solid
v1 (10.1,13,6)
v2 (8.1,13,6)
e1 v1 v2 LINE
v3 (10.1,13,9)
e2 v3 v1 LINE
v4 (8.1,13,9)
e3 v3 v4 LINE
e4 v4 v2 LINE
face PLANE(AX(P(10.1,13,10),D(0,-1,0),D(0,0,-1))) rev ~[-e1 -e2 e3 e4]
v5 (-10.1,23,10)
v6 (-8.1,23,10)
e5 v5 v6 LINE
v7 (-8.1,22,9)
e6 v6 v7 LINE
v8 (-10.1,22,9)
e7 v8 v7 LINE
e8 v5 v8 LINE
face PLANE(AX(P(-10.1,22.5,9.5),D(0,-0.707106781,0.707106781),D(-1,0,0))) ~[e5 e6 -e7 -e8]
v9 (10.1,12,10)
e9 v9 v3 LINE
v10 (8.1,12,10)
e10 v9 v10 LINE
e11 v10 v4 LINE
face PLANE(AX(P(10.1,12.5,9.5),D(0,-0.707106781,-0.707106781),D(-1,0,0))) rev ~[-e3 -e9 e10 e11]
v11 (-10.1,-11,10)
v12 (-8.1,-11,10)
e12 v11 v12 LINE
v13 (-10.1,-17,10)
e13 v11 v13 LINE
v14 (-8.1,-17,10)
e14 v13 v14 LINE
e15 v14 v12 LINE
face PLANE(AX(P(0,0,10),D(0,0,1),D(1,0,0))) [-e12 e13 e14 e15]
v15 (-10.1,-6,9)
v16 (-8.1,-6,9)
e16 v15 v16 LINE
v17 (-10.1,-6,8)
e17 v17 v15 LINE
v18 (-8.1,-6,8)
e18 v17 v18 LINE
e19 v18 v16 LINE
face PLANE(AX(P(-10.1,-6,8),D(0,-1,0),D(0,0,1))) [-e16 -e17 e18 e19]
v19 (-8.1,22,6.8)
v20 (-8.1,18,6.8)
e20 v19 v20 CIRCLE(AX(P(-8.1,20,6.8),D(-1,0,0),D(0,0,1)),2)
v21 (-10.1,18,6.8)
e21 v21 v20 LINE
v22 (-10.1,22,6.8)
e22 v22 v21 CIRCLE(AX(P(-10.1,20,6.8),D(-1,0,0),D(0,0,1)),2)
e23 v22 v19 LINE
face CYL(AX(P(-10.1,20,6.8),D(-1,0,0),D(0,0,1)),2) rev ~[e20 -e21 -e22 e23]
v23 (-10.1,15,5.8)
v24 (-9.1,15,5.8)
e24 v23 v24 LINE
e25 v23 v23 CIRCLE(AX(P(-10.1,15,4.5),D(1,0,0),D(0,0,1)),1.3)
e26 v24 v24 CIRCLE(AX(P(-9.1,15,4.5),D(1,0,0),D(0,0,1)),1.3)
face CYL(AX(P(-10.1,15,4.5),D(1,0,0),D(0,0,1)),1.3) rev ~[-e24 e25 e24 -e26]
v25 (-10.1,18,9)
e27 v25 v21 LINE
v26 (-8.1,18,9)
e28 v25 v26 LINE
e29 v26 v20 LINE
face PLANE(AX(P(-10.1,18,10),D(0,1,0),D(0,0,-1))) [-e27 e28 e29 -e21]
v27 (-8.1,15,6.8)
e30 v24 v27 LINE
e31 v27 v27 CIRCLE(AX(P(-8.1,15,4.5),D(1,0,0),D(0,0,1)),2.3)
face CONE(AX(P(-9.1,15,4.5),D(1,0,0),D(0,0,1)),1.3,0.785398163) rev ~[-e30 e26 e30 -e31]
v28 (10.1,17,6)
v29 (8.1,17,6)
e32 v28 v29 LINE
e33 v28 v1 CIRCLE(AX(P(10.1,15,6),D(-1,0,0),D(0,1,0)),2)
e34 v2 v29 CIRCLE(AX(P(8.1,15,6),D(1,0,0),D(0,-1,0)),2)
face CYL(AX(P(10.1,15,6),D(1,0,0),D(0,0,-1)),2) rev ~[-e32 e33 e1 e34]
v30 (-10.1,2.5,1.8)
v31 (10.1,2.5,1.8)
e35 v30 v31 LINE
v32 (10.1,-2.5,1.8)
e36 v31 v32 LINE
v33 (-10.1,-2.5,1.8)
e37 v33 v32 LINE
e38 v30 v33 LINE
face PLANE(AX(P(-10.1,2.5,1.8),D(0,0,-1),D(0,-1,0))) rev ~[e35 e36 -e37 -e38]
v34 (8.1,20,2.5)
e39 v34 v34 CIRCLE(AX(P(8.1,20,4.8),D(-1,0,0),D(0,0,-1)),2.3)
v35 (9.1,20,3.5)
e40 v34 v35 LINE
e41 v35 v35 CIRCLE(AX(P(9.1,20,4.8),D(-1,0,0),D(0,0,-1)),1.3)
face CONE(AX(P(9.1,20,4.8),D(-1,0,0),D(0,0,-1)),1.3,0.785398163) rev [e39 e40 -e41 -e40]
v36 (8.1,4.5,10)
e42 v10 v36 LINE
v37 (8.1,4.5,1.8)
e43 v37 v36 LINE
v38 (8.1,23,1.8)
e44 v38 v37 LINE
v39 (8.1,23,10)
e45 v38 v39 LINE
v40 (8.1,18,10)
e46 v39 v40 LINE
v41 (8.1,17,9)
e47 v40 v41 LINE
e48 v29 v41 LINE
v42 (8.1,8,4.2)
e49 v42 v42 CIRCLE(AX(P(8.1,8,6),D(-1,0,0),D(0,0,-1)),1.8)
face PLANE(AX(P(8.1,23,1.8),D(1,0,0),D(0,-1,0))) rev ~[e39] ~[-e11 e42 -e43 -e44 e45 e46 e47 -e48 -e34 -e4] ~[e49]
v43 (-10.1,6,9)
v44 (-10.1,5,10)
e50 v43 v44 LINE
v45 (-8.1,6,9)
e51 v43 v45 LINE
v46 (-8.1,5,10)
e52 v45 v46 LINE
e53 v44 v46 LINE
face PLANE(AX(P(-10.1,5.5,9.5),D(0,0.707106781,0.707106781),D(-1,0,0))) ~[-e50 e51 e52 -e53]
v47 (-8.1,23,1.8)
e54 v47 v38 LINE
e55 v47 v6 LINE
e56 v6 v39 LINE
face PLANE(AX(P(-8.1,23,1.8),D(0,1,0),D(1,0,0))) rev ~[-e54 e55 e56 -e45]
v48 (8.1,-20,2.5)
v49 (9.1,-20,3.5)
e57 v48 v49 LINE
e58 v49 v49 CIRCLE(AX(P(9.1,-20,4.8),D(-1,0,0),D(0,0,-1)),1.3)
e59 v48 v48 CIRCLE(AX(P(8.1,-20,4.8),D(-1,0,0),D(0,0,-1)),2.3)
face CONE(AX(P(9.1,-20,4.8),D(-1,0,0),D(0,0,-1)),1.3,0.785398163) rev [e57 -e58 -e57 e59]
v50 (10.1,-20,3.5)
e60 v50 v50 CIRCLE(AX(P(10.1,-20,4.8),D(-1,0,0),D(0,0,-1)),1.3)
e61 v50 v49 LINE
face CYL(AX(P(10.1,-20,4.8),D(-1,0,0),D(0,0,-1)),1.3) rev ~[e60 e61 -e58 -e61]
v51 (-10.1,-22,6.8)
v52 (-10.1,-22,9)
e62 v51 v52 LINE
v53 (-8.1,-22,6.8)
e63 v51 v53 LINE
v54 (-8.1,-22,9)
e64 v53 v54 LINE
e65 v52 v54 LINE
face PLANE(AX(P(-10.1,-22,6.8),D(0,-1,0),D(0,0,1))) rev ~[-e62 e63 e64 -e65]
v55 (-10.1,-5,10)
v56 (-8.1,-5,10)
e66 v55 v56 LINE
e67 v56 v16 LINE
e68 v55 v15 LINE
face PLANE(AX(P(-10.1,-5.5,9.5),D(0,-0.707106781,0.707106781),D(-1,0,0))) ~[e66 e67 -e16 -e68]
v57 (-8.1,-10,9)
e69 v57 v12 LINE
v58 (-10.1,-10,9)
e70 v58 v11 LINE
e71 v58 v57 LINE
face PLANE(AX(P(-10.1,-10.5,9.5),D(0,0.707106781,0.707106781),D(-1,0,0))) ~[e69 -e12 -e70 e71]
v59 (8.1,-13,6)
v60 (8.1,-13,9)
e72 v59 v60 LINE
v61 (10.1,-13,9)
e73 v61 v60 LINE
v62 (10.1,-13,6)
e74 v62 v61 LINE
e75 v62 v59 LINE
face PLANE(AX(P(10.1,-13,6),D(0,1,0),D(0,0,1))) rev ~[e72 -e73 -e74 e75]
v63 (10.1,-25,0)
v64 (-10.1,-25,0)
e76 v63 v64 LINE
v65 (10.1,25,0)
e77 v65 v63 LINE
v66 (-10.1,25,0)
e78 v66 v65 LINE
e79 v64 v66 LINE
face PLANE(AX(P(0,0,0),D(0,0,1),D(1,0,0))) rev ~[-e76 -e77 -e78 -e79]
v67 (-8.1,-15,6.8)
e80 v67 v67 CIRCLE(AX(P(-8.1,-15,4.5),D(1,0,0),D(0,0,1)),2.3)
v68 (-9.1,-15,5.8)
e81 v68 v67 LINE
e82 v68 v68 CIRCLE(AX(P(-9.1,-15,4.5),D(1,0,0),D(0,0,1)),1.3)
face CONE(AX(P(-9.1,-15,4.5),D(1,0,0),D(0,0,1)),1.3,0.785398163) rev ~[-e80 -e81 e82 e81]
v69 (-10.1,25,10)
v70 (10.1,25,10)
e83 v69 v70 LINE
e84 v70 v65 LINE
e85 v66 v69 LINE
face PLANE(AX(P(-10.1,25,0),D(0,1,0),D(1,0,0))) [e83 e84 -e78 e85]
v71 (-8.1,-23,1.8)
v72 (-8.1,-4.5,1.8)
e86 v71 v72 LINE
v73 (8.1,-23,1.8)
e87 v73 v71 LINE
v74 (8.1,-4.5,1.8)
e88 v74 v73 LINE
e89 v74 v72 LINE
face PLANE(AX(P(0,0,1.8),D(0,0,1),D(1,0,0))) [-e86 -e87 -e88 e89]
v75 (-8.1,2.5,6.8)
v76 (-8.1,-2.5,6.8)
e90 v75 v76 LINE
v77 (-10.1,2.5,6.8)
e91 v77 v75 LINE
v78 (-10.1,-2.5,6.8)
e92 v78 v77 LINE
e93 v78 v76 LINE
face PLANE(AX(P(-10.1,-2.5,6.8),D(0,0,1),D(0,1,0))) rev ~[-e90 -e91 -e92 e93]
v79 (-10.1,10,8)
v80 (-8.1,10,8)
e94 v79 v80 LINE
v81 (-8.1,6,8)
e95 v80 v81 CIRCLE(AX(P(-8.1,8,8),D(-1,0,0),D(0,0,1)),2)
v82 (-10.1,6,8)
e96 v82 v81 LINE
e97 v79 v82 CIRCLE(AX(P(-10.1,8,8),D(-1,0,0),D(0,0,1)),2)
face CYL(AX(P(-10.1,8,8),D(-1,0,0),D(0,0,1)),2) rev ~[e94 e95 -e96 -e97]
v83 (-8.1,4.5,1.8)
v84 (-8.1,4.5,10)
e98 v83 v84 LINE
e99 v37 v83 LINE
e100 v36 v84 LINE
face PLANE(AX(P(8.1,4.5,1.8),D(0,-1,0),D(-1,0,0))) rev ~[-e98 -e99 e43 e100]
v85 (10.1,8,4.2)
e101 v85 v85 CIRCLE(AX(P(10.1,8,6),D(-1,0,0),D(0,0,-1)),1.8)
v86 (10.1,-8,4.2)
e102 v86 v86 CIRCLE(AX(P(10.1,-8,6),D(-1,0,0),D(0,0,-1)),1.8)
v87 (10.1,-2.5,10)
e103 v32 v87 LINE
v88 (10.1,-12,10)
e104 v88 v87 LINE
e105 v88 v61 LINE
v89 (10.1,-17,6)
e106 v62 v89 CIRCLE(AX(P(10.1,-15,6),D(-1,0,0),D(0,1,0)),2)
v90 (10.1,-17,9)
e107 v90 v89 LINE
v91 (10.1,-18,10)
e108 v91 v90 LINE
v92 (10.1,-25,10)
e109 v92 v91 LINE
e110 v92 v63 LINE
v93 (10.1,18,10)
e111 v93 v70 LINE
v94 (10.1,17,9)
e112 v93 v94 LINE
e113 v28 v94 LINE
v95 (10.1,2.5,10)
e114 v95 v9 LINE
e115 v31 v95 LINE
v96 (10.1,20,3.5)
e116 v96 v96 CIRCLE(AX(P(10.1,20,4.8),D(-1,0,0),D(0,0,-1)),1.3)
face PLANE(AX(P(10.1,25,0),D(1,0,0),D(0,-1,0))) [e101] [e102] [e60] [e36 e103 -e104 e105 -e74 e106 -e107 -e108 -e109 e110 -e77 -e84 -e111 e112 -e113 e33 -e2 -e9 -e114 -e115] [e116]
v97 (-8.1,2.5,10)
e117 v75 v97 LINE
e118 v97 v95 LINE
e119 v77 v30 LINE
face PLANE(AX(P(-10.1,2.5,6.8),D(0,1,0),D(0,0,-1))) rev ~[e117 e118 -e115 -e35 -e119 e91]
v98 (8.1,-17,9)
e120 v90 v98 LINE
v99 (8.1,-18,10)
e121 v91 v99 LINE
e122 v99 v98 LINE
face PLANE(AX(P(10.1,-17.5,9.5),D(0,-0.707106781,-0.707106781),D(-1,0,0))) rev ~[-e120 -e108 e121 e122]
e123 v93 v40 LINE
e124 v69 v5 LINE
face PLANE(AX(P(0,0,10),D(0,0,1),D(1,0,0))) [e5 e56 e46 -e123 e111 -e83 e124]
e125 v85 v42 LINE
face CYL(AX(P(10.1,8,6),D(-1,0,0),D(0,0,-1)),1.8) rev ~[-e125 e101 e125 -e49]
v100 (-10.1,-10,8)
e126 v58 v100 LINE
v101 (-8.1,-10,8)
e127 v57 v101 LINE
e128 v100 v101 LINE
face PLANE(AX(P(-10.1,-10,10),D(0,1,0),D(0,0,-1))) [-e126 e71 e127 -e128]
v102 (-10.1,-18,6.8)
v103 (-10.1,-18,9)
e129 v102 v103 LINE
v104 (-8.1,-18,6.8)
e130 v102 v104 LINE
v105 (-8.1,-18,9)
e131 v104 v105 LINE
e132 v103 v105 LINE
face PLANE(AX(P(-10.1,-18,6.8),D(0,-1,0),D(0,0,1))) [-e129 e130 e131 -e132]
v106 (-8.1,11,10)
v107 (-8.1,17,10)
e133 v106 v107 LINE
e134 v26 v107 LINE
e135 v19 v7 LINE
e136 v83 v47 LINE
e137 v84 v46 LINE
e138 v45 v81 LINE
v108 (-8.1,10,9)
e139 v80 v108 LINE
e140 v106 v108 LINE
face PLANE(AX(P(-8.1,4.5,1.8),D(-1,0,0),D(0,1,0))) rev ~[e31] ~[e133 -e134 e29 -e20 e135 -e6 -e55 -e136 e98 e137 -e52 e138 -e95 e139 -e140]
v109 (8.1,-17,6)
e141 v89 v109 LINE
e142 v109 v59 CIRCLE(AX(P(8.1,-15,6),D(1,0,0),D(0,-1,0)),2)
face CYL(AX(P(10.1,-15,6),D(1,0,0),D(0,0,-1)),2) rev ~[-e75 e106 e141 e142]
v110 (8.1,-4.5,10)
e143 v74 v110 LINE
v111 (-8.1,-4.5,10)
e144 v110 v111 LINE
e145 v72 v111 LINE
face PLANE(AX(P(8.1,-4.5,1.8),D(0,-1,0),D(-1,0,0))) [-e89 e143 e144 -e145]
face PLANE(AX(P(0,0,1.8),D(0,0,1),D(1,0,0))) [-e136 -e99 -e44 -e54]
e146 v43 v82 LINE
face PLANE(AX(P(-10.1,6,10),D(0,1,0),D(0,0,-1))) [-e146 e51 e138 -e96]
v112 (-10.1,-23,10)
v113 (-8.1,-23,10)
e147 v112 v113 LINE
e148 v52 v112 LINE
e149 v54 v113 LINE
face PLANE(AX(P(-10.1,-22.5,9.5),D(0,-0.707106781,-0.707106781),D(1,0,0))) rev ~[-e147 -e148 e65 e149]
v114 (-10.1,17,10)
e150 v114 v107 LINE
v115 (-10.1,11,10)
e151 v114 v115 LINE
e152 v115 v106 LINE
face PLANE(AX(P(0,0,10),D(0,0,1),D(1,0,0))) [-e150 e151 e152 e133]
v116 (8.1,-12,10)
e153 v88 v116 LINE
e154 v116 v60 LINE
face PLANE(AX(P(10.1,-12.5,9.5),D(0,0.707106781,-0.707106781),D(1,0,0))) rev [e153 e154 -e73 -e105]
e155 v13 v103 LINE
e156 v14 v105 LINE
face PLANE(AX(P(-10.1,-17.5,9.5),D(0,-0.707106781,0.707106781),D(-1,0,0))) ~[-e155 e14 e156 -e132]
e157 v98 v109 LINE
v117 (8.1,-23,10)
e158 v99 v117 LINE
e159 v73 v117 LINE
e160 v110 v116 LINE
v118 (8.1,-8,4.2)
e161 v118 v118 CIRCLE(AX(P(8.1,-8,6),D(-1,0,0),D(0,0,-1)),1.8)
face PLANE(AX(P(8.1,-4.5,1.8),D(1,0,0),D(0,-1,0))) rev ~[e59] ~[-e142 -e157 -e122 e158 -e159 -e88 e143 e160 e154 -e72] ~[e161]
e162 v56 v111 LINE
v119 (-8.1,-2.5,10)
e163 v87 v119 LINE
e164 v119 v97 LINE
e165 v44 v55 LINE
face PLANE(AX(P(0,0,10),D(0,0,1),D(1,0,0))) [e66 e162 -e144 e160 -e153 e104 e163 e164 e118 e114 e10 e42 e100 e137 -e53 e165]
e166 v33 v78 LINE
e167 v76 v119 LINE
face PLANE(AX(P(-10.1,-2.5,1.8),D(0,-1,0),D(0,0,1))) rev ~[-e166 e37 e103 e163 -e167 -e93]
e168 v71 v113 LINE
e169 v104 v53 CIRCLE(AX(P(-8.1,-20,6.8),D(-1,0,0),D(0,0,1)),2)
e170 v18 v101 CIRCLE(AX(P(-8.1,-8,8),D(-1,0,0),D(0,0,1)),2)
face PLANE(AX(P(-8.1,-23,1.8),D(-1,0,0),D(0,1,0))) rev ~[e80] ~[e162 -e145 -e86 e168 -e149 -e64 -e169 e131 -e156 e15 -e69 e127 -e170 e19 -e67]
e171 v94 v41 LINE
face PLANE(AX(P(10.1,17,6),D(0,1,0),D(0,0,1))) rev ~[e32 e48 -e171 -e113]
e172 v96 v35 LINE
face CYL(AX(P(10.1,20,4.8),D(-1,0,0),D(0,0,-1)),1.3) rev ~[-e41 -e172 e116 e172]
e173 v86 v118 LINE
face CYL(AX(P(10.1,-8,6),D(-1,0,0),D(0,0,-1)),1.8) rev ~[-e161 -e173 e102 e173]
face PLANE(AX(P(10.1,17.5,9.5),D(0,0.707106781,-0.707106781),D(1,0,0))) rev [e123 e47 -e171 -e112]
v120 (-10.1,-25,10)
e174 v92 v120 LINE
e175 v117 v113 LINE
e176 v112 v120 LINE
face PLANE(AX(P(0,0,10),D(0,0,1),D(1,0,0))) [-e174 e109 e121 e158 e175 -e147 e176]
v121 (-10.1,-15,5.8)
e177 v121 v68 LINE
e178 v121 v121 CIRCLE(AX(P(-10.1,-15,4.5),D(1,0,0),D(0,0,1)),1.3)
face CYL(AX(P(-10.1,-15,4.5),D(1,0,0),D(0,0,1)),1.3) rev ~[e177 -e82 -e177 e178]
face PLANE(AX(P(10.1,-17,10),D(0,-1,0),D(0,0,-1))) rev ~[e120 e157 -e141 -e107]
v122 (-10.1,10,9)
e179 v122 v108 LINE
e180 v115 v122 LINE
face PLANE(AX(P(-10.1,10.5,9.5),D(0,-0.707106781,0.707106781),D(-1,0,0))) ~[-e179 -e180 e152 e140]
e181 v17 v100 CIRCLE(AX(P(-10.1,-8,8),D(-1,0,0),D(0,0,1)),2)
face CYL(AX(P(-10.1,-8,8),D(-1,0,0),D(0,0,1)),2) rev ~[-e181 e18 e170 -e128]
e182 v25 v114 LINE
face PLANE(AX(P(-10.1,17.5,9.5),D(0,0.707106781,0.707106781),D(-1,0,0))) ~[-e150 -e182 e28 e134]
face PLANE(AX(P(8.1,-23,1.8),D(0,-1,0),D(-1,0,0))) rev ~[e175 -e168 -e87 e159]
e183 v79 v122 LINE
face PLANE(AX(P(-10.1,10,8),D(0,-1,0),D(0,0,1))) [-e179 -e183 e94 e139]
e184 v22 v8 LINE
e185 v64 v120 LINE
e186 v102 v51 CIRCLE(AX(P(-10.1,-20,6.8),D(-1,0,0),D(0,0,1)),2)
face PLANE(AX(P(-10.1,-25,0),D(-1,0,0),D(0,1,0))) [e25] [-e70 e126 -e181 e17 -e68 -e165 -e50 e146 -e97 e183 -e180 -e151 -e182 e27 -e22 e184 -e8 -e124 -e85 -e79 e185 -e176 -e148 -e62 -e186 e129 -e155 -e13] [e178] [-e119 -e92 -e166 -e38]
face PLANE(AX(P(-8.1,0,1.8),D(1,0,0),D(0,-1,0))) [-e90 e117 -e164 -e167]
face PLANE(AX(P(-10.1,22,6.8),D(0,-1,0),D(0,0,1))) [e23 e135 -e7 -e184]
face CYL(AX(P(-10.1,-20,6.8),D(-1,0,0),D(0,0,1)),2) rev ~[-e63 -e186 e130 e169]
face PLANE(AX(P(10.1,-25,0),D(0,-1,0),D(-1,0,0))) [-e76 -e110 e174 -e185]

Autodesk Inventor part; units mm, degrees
ref_plane "YZ Plane" through (0, 0, 0) normal (1, 0, 0) x (0, 1, 0)
ref_plane "XZ Plane" through (0, 0, 0) normal (0, 1, 0) x (-1, 0, 0)
ref_plane "XY Plane" through (0, 0, 0) normal (0, 0, 1) x (1, 0, 0)
sketch "Sketch3" plane through (0, 0, 0) normal (0, 0, 1) x (1, 0, 0)
  line L0 (-10.1, 25) -> (10.1, 25)
  line L1 (10.1, 25) -> (10.1, -25)
  line L2 (10.1, -25) -> (-10.1, -25)
  line L3 (-10.1, -25) -> (-10.1, 25)
  point P0 (0, 0)
  dimension "d26" = 20.2
  dimension "d27" = 50
extrude "Extrusion3" add sketch "Sketch3" along normal blind 1.8
sketch "Sketch4" plane through (0, 0, 1.8) normal (0, 0, 1) x (1, 0, 0)
  line L0 (-8.1, 23) -> (8.1, 23)
  line L1 (8.1, -23) -> (-8.1, -23)
  line L2 (-8.1, 0) -> (-8.1, 2.5)
  line L3 (-8.1, 2.5) -> (8.1, 2.5)
  line L4 (8.1, 4.5) -> (-8.1, 4.5)
  line L5 (-8.1, 0) -> (-8.1, -2.5)
  line L6 (-8.1, -2.5) -> (8.1, -2.5)
  line L7 (8.1, -4.5) -> (-8.1, -4.5)
  line L8 (-8.1, 4.5) -> (-8.1, 23)
  line L9 (8.1, 23) -> (8.1, 4.5)
  line L10 (8.1, 2.5) -> (8.1, -2.5)
  line L11 (8.1, -4.5) -> (8.1, -23)
  line L12 (-10.1, 25) -> (-10.1, -25) projected
  line L13 (10.1, -25) -> (10.1, 25) projected
  line L14 (-10.1, 25) -> (10.1, 25)
  line L15 (10.1, 25) -> (10.1, -25)
  line L16 (10.1, -25) -> (-10.1, -25)
  line L17 (-10.1, -25) -> (-10.1, 25)
  line L18 (-8.1, -23) -> (-8.1, -4.5)
  line L19 (-8.1, -2.5) -> (-8.1, 2.5)
  point P0 (0, 0)
  dimension "d39" = 2.5
  dimension "d40" = 2.5
  dimension "d44" = 2
  dimension "d45" = 2
  dimension "d48" = 2
  dimension "d49" = 2
  dimension "d50" = 2
  dimension "d51" = 2
  dimension "d52" = 2
  dimension "d53" = 2
  dimension "d56" = 2
  dimension "d57" = 2
extrude "Extrusion4" add sketch "Sketch4" along normal blind 8.2
sketch "Sketch5" plane through (10.1, -25, 0) normal (1, 0, 0) x (0, 0, -1)
  line L0 (-1.8, 27.5) -> (-10, 27.5) projected
  line L1 (-1.8, 22.5) -> (-10, 22.5) projected
  line L2 (-10, 27.5) -> (-1.8, 27.5)
  line L3 (-1.8, 27.5) -> (-1.8, 22.5)
  line L4 (-1.8, 22.5) -> (-10, 22.5)
  line L5 (-10, 22.5) -> (-10, 27.5)
  point P0 (0, 25)
extrude "Extrusion5" cut sketch "Sketch5" against normal blind 8.2
sketch "Sketch6" plane through (-10.1, -25, 0) normal (-1, 0, 0) x (0, 0, 1)
  line L0 (1.8, 27.5) -> (1.8, 22.5) projected
  line L1 (1.8, 22.5) -> (6.8, 22.5)
  line L2 (6.8, 22.5) -> (6.8, 27.5)
  line L3 (6.8, 27.5) -> (1.8, 27.5)
  line L4 (1.8, 27.5) -> (1.8, 22.5)
  point P0 (0, 25)
  dimension "d60" = 5
  dimension "d61" = 5
extrude "Extrusion6" cut sketch "Sketch6" against normal blind 8.2
sketch "Sketch7" plane through (-10.1, -25, 0) normal (-1, 0, 0) x (0, 0, 1)
  line L0 (0, 50) -> (10, 50) projected
  line L1 (0, 0) -> (0, 50) projected
  line L2 (0, 25) -> (10, 25)
  line L3 (0, 0) -> (10, 0)
  circle A0 centre (6.8, 45) radius 2
  circle A1 centre (8, 33) radius 2
  circle A2 centre (8, 17) radius 2
  circle A3 centre (6.8, 5) radius 2
  line L4 (6.8, 7) -> (10, 7)
  line L5 (6.8, 3) -> (10, 3)
  line L6 (10, 50) -> (10, 0) projected
  line L7 (10, 7) -> (10, 3)
  line L8 (6.8, 47) -> (10, 47)
  line L9 (10, 47) -> (10, 43)
  line L10 (10, 43) -> (6.8, 43)
  line L11 (10, 29.5) -> (10, 48) projected
  line L12 (8, 35) -> (10, 35)
  line L13 (10, 35) -> (10, 31)
  line L14 (10, 31) -> (8, 31)
  line L15 (8, 31) -> (8, 35)
  line L16 (10, 20.5) -> (10, 2) projected
  line L17 (8, 19) -> (10, 19)
  line L18 (10, 19) -> (10, 15)
  line L19 (10, 15) -> (8, 15)
  line L20 (8, 15) -> (8, 19)
  point P0 (4.5, 40)
  point P1 (4.5, 10)
  dimension "d66" = 10
  dimension "d67" = 4.5
  dimension "d70" = 5
  dimension "d71" = 6.8
  dimension "d74" = 17
  dimension "d75" = 8
  dimension "d90" = 4
  dimension "d91" = 4
hole "Hole1" at (-10.1, 15, 4.5) at (-10.1, -15, 4.5) direction (1, 0, 0) diameter 2.6 depth 2 tip angle 118
extrude "Extrusion7" cut sketch "Sketch7" against normal blind 2 contours L6 L10 A0 L8 | A0 | L14 A1 L6 | L6 A2 L17 | L6 A1 L12 | L5 A3 L4 L6 | A1 L15 | A1 L15 | A2 L20 | L6 L19 A2 | L20 A2 | A3
sketch "Sketch8" plane through (10.1, -25, 0) normal (1, 0, 0) x (0, 0, -1)
  line L0 (0, 50) -> (-10, 50) projected
  circle A0 centre (-6, 40) radius 2
  circle A1 centre (-6, 10) radius 2
  line L1 (-10, 15) -> (-10, 7) projected
  line L2 (-6, 12) -> (-10, 12)
  line L3 (-10, 12) -> (-10, 8)
  line L4 (-10, 8) -> (-6, 8)
  line L5 (-6, 8) -> (-6, 12)
  line L6 (-10, 43) -> (-10, 35) projected
  line L7 (-6, 42) -> (-10, 42)
  line L8 (-10, 42) -> (-10, 38)
  line L9 (-10, 38) -> (-6, 38)
  line L10 (-6, 38) -> (-6, 42)
  point P0 (0, 25)
  point P1 (-4.8, 45)
  point P2 (-6, 33)
  point P3 (-4.8, 5)
  point P4 (-6, 17)
  dimension "d113" = 4
  dimension "d114" = 4
hole "Hole3" at (10.1, 20, 4.8) at (10.1, -20, 4.8) direction (-1, 0, 0) diameter 2.6 depth 2 tip angle 118
hole "Hole4" at (10.1, 8, 6) at (10.1, -8, 6) direction (-1, 0, 0) diameter 3.6 depth 2 tip angle 118
extrude "Extrusion8" cut sketch "Sketch8" against normal blind 2
chamfer "Chamfer1" distance 1 angle 45 12 edges at (-9.1, 22, 10) (-9.1, 18, 10) (-9.1, 10, 10) (-9.1, 6, 10) (-9.1, -6, 10) (-9.1, -10, 10) (-9.1, -18, 10) (-9.1, -22, 10) (9.1, -17, 10) (9.1, -13, 10) (9.1, 13, 10) (9.1, 17, 10)
chamfer "Chamfer3" distance 1 angle 45 4 edges at (8.1, 20, 6.1) (8.1, -20, 6.1) (-8.1, -15, 3.2) (-8.1, 15, 3.2)
properties part number "digit_holder_B_no_hole"
